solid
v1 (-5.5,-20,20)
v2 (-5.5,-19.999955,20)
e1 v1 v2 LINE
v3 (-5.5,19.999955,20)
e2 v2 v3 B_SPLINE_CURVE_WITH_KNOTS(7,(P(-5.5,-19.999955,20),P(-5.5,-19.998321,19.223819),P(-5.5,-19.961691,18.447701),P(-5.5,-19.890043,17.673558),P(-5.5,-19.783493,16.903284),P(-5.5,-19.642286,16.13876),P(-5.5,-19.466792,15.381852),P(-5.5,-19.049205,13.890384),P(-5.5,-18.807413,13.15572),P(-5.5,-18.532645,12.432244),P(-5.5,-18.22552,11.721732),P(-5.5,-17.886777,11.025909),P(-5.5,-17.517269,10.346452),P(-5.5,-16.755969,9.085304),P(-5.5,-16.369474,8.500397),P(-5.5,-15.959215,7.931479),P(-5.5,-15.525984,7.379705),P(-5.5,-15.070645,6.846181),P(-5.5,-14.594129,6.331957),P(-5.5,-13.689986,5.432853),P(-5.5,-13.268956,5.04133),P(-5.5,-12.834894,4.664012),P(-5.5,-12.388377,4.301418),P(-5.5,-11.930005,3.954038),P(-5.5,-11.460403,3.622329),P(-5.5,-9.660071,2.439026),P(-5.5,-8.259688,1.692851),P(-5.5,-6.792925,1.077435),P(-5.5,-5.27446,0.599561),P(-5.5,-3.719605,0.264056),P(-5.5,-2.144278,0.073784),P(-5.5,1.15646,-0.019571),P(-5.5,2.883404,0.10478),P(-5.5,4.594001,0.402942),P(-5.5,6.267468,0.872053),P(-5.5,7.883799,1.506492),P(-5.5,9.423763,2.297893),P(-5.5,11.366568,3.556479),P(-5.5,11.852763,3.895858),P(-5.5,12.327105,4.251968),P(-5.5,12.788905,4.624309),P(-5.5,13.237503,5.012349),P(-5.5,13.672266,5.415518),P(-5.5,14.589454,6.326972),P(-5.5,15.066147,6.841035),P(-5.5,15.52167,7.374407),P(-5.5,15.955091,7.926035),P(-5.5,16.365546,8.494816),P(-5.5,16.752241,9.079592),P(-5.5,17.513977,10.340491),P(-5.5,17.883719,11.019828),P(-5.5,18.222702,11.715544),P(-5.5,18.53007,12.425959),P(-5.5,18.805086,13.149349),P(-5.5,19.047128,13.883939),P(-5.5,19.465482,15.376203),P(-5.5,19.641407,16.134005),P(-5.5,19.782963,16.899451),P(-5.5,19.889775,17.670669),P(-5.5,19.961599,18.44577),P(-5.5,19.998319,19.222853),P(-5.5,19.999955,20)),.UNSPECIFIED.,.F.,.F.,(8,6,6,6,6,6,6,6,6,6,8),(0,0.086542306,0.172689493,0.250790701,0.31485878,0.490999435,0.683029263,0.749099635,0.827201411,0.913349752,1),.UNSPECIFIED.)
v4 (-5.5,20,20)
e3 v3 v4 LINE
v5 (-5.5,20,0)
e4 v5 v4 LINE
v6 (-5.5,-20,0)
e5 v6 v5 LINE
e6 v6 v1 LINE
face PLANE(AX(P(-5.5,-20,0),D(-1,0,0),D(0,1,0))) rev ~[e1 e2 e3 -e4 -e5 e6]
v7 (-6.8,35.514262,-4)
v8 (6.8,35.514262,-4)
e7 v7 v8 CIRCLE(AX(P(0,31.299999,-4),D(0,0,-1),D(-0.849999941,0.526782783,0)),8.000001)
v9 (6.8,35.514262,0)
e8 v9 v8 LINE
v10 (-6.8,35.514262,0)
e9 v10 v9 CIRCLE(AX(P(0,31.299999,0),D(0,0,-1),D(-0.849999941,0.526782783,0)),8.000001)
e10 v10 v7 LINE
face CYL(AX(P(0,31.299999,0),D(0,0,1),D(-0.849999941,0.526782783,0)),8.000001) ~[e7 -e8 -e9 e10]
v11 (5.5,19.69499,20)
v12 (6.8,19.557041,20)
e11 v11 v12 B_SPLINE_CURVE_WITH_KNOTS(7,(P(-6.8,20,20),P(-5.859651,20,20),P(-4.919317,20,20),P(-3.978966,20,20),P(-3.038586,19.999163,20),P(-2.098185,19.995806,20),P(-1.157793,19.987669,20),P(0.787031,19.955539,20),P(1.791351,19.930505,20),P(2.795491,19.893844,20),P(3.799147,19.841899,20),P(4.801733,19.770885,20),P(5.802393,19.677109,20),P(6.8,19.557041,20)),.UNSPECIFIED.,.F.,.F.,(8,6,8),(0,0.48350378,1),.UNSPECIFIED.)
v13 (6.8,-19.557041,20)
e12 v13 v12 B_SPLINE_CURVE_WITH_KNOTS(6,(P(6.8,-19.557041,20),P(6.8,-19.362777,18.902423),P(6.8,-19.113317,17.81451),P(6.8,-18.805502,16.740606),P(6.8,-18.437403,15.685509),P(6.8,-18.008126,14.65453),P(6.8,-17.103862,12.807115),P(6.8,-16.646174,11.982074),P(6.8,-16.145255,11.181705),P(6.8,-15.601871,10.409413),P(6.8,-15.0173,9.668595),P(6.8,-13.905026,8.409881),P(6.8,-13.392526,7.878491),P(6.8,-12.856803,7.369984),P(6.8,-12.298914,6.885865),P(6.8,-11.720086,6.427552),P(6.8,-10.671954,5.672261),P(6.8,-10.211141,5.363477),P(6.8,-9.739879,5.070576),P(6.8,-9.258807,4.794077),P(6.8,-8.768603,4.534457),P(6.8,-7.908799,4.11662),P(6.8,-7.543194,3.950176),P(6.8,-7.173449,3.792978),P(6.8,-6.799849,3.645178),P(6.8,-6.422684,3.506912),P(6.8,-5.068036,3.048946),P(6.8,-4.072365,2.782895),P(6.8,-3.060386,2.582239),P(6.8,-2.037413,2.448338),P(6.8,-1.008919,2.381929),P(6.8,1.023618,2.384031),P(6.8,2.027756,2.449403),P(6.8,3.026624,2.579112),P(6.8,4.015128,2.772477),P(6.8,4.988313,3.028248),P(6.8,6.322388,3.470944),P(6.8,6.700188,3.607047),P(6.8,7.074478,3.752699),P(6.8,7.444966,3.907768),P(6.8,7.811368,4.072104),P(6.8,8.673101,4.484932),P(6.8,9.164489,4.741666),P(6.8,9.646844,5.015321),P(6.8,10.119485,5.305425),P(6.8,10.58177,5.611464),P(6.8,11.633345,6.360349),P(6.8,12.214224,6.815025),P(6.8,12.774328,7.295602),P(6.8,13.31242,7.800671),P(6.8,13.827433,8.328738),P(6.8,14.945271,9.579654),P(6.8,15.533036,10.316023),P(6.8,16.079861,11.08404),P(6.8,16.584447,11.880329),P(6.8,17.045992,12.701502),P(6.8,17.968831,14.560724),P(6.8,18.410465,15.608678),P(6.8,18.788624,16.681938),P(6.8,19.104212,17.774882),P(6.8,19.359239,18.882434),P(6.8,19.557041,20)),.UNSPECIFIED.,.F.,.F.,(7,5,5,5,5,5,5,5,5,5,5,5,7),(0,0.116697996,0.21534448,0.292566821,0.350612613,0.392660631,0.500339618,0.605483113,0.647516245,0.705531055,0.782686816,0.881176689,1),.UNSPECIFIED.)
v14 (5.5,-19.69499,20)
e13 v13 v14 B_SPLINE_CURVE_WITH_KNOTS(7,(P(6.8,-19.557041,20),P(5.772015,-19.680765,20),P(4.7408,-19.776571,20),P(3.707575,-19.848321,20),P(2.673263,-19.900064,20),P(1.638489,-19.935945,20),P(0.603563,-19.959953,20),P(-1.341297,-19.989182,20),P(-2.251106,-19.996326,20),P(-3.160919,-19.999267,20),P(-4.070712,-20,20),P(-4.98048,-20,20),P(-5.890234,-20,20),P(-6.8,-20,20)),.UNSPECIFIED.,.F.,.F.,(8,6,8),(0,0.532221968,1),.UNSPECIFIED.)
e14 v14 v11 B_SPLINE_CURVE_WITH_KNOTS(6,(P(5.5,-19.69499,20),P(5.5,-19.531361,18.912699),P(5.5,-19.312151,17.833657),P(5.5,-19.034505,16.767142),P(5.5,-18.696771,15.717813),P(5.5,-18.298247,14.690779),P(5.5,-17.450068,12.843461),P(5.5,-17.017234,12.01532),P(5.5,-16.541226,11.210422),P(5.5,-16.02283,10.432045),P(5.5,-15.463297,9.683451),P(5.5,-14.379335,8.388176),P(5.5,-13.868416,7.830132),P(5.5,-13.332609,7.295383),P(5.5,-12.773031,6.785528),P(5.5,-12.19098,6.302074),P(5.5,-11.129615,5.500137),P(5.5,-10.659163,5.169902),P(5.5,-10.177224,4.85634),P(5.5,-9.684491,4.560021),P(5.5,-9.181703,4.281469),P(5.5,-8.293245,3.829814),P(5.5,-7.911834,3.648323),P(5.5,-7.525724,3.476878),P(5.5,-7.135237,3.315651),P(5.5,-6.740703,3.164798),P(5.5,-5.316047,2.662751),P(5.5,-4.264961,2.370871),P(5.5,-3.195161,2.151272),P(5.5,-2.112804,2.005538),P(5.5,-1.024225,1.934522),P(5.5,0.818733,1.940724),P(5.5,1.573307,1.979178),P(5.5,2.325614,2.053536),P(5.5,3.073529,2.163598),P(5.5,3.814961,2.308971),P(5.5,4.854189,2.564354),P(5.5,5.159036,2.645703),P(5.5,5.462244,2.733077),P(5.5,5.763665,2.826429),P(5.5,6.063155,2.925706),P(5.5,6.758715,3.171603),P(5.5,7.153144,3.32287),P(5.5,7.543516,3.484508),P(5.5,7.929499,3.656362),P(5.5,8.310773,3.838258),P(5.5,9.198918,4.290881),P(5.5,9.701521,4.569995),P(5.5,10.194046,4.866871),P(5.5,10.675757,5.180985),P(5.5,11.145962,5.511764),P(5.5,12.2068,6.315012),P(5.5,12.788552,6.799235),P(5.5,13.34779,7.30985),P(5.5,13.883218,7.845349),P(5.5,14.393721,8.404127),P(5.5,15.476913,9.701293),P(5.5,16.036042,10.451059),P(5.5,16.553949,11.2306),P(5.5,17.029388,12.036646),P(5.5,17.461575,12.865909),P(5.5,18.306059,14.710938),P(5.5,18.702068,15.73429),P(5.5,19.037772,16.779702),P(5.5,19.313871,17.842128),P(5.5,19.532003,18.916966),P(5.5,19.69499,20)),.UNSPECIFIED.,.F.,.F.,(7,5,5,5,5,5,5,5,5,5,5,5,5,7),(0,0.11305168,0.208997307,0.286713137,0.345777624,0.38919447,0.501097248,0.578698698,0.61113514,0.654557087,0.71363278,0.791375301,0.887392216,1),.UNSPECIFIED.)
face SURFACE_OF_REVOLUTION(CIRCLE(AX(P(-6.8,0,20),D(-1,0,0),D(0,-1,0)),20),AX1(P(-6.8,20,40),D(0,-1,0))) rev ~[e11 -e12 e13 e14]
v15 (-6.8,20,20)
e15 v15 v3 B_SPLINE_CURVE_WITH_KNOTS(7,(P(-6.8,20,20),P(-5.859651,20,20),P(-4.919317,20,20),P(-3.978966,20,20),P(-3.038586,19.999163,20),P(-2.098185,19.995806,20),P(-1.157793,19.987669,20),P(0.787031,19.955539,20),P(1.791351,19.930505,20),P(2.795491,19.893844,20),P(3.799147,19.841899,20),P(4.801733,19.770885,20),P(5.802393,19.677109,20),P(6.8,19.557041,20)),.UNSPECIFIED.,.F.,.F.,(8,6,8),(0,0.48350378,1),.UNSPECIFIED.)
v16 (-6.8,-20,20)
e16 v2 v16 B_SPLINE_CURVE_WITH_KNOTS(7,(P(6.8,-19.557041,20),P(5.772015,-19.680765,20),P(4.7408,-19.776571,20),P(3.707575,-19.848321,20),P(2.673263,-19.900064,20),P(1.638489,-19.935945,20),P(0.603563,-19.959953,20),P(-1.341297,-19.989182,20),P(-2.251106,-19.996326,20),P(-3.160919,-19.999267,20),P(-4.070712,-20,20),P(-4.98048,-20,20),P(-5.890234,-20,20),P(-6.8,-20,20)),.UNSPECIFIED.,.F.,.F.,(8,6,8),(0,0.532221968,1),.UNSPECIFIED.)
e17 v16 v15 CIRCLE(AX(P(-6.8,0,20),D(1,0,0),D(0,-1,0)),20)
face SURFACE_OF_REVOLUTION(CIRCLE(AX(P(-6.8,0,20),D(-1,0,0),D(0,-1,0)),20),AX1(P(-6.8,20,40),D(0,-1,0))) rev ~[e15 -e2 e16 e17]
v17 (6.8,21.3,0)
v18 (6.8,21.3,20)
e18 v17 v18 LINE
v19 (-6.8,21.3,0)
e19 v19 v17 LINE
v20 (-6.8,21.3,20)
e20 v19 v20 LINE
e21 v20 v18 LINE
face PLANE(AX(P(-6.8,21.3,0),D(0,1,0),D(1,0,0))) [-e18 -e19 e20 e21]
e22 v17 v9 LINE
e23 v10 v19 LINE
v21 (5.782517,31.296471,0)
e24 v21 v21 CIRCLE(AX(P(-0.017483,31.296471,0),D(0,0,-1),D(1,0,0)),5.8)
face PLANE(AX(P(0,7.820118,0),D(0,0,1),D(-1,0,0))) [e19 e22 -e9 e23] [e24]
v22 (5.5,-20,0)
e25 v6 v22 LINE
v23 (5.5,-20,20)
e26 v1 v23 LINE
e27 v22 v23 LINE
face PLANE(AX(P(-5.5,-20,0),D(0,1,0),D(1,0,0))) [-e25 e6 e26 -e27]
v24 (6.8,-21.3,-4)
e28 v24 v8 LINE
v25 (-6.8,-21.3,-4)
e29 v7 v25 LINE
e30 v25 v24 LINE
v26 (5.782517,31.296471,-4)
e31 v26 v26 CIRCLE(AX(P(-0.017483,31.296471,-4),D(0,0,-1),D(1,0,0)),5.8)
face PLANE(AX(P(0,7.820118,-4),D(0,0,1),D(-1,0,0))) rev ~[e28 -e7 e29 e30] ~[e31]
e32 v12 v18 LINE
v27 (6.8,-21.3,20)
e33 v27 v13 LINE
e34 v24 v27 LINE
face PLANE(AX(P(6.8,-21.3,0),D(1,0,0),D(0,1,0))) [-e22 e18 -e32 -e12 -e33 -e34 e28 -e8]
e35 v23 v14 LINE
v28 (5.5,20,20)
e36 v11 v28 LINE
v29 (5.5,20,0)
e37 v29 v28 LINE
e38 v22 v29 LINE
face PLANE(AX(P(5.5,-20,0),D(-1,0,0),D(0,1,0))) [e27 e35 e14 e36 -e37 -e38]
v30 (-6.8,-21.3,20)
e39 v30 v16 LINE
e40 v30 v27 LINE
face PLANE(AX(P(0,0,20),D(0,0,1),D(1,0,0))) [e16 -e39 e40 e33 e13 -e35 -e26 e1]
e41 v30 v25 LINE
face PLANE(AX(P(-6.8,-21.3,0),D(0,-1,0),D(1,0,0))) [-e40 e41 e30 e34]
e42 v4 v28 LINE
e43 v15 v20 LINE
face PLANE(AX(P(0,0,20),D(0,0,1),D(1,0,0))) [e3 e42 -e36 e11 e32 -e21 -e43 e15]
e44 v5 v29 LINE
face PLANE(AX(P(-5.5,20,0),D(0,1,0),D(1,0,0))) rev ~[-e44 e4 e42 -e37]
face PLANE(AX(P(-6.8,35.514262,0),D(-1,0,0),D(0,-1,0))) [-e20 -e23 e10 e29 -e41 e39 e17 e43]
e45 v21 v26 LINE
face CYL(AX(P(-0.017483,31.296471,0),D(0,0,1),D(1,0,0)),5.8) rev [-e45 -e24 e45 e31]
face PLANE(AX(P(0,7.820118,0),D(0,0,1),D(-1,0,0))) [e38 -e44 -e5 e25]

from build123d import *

# Parameters (mm, degrees)
SKETCH001_W   = 13.6
SKETCH001_H   = 42.6
SKETCH001_W_2 = 11
SKETCH001_H_2 = 40
PAD_DEPTH     = 20
SKETCH002_R   = 20
SKETCH005_R   = 5.8
PAD001_DEPTH  = 4


with BuildPart() as part:
    # Sketch001 → Pad (new body)
    with BuildSketch(Plane.XY):
        Rectangle(SKETCH001_W, SKETCH001_H)
        Rectangle(SKETCH001_W_2, SKETCH001_H_2, mode=Mode.SUBTRACT)
    extrude(amount=PAD_DEPTH)

    # Sketch002 → Groove (revolve, cut)
    with BuildSketch(Plane(origin=(-6.8, 0, 0), x_dir=(0, -1, 0), z_dir=(-1, 0, 0))):
        with Locations((0, 20)):
            Circle(SKETCH002_R)
    revolve(axis=Axis((-6.8, 20, 40), (0, -1, 0)), mode=Mode.SUBTRACT)

    # Sketch005 → Pad001 (new body)
    with BuildSketch(Plane(origin=(0, 0, 0), x_dir=(1, 0, 0), z_dir=(0, 0, -1))):
        with BuildLine():
            Line((-6.8, 21.3), (6.8, 21.3))
            Line((6.8, 21.3), (6.8, -35.514262))
            ThreePointArc((-6.8, -35.514262), (0, -39.3), (6.8, -35.514262))
            Line((-6.8, -35.514262), (-6.8, 21.3))
        make_face()
        with Locations((-0.017483, -31.296471)):
            Circle(SKETCH005_R, mode=Mode.SUBTRACT)
    extrude(amount=PAD001_DEPTH)


solid = part.part
